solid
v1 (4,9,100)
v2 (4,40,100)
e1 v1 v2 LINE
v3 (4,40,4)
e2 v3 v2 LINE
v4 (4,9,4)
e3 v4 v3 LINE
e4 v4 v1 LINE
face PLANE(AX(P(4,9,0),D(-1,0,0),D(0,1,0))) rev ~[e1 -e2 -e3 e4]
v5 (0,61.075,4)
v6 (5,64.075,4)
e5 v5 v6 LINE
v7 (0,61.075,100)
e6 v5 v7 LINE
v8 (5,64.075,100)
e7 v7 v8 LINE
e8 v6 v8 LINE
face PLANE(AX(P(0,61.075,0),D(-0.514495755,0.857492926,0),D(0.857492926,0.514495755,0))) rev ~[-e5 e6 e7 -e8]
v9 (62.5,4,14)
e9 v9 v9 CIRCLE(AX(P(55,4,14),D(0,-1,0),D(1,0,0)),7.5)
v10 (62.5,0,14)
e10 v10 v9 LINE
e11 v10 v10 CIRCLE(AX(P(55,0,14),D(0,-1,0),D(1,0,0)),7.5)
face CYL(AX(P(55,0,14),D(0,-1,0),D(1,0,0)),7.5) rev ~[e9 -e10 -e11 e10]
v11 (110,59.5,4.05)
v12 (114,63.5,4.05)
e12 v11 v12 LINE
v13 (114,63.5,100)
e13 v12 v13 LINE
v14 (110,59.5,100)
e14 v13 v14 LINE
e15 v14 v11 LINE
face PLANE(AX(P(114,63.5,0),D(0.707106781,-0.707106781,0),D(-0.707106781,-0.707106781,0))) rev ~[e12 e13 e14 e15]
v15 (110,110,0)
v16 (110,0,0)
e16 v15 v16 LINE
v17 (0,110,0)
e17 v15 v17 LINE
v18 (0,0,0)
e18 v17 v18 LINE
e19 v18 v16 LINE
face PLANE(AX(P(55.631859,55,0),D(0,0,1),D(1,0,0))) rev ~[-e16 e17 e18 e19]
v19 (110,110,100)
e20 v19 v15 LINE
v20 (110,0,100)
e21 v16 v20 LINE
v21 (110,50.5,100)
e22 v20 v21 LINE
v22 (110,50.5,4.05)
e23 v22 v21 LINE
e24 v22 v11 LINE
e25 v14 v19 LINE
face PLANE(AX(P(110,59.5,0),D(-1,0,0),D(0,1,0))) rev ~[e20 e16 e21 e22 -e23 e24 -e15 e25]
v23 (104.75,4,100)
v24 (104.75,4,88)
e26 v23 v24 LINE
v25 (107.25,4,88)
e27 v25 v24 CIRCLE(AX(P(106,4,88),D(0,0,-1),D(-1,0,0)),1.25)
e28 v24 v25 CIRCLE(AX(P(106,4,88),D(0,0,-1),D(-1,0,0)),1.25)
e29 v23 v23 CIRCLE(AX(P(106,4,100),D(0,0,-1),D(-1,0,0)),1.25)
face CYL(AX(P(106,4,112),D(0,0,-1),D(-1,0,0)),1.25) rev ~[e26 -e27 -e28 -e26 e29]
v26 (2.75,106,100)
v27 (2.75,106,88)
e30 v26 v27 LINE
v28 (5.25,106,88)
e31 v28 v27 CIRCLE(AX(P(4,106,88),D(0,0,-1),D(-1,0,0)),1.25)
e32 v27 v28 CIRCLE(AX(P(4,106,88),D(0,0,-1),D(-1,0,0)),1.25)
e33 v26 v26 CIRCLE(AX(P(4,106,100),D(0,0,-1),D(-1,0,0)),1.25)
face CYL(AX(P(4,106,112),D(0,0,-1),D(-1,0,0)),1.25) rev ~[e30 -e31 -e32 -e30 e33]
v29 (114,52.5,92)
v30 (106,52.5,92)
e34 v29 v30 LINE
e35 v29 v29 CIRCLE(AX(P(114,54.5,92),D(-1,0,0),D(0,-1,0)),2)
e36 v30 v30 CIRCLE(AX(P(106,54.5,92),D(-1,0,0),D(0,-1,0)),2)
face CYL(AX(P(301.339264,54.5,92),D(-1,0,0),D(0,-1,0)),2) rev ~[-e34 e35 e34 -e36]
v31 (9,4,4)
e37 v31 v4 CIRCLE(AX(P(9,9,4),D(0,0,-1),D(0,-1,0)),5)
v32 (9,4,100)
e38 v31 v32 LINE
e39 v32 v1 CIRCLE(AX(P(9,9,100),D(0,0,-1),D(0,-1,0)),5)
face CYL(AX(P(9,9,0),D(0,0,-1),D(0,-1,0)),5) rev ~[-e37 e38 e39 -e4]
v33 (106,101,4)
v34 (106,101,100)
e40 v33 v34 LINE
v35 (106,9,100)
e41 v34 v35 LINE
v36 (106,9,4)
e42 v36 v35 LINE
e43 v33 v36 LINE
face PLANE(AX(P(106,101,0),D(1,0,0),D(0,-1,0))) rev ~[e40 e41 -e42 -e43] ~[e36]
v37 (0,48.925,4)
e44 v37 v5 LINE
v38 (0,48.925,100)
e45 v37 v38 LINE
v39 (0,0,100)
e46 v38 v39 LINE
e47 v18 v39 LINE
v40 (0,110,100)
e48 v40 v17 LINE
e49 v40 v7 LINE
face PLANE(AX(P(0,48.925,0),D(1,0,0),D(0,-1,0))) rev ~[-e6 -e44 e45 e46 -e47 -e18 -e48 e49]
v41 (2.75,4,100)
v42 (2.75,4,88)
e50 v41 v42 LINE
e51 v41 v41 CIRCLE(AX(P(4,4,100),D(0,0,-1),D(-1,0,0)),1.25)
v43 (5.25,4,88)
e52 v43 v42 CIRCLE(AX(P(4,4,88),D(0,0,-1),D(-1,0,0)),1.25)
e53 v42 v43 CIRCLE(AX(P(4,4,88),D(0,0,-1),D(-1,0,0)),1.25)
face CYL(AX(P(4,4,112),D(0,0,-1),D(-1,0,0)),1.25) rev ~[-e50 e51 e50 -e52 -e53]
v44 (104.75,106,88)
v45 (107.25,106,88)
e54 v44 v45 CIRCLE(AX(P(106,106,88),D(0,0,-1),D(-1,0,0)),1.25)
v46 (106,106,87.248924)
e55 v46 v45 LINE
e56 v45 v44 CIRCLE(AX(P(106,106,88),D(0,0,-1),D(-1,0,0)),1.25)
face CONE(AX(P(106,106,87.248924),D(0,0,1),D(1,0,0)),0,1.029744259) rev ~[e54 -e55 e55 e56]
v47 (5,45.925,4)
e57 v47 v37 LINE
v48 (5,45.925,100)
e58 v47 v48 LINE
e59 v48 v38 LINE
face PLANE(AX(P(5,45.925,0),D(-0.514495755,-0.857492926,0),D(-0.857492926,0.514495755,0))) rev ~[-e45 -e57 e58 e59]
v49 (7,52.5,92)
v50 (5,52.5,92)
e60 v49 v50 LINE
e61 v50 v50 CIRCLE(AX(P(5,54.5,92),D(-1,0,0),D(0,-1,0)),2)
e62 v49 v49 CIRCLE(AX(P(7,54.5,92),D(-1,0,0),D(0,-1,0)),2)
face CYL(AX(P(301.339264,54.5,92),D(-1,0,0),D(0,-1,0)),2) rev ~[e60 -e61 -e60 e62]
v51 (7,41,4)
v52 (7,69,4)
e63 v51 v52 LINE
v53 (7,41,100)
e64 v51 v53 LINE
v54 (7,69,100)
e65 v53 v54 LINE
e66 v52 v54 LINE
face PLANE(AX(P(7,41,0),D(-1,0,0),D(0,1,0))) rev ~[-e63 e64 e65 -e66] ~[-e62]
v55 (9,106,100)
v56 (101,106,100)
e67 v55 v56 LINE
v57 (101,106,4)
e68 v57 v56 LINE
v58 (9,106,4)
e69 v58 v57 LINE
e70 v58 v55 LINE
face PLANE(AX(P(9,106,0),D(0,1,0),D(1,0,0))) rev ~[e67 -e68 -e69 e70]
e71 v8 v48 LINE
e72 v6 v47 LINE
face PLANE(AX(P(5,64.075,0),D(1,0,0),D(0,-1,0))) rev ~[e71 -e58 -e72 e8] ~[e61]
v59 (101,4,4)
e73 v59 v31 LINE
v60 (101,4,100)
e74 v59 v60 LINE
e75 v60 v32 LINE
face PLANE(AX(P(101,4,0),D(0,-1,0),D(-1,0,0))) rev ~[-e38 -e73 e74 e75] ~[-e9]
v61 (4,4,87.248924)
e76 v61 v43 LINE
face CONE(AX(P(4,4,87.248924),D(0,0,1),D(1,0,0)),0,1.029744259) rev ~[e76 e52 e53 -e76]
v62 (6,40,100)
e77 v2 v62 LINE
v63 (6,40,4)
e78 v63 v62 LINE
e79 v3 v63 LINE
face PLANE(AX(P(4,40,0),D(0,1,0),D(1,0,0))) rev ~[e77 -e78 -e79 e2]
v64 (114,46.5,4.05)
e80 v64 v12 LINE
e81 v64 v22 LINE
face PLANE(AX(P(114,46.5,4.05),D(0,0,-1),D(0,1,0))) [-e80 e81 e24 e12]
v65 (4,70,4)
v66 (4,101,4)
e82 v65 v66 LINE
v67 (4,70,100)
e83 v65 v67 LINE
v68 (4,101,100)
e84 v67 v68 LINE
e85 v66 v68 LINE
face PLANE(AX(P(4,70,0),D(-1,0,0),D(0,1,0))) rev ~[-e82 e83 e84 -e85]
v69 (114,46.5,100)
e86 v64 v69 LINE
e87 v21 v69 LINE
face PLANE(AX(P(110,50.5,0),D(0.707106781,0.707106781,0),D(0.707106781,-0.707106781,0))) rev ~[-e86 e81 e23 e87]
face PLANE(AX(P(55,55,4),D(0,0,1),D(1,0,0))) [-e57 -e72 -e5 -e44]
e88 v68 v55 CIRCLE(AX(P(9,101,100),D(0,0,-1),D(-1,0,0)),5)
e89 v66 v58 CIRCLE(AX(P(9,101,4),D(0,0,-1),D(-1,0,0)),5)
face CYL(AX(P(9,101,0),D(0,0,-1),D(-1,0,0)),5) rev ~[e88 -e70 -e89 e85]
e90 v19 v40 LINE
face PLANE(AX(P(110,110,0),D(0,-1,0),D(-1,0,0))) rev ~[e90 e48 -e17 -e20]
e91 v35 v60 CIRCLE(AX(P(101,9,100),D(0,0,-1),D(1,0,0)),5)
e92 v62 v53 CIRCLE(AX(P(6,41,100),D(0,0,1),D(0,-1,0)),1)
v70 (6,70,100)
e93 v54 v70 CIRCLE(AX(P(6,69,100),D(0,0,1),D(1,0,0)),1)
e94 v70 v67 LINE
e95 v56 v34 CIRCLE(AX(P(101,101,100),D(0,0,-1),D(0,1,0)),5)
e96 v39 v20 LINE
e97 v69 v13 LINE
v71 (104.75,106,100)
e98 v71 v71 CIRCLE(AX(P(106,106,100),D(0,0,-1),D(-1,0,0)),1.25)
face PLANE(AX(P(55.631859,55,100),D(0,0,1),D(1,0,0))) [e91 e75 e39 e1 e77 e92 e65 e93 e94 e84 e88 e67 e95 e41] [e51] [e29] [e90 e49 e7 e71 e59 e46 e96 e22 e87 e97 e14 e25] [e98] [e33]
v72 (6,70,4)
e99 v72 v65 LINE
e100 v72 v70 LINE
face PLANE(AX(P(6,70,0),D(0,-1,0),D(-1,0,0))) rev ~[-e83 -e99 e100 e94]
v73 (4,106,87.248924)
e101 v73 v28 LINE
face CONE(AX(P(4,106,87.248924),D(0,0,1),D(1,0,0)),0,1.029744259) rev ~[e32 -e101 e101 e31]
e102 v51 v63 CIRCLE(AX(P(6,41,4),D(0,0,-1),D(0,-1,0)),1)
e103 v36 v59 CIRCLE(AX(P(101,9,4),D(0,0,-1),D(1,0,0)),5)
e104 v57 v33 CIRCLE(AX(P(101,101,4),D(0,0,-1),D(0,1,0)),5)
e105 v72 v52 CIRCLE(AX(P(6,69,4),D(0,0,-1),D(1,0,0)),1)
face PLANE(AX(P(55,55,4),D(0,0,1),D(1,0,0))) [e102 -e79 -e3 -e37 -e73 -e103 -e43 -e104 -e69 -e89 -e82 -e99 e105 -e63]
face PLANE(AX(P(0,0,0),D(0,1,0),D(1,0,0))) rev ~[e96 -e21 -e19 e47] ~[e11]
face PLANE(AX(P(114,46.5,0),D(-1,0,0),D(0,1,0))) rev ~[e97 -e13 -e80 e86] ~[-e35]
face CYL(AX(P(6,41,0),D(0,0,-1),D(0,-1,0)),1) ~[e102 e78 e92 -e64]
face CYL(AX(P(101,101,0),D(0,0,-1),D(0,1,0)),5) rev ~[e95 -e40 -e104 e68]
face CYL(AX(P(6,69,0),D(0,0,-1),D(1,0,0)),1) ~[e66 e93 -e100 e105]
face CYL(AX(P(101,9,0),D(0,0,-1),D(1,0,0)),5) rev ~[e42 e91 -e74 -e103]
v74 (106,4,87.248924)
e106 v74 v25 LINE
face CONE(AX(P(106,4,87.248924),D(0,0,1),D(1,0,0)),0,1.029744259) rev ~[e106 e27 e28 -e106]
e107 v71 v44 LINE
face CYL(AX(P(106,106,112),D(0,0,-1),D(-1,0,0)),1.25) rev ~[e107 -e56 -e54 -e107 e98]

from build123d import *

# Parameters (mm, degrees)
F1_DEPTH  = 100
F2_W      = 110
F2_H      = 110
F3_DEPTH  = 4
F4_W      = 17
F4_H      = 4.05
F5_DEPTH  = 4
F7_D      = 4
F8_R      = 7.5
F9_DEPTH  = 25
F11_D     = 2.5
F11_DEPTH = 12
F11_TIP   = 0.7510757738


with BuildPart() as f1:
    # F0 (on Top) → F1 (new body)
    with BuildSketch(Plane.XY):
        Polygon((0, 48.925), (0, 0), (110, 0), (110, 50.5), (114, 46.5), (114, 63.5), (110, 59.5), (110, 110), (0, 110), (0, 61.075), (5, 64.075), (5, 45.925), align=None)
        with BuildLine():
            ThreePointArc((4, 101), (5.4644660941, 104.5355339059), (9, 106))
            Line((9, 106), (101, 106))
            ThreePointArc((101, 106), (104.5355339059, 104.5355339059), (106, 101))
            Line((106, 101), (106, 9))
            ThreePointArc((106, 9), (104.5355339059, 5.4644660941), (101, 4))
            Line((101, 4), (9, 4))
            ThreePointArc((9, 4), (5.4644660941, 5.4644660941), (4, 9))
            Line((4, 9), (4, 40))
            Line((4, 40), (6, 40))
            ThreePointArc((6, 40), (6.7071067812, 40.2928932188), (7, 41))
            Line((7, 41), (7, 69))
            ThreePointArc((7, 69), (6.7071067812, 69.7071067812), (6, 70))
            Line((6, 70), (4, 70))
            Line((4, 70), (4, 101))
        make_face(mode=Mode.SUBTRACT)
    extrude(amount=F1_DEPTH)

    # F2 (on Top) → F3 (join)
    with BuildSketch(Plane.XY):
        with Locations((55, 55)):
            Rectangle(F2_W, F2_H)
    extrude(amount=F3_DEPTH)

    # F4 (on face) → F5 (cut)
    with BuildSketch(Plane.YZ.offset(114)):
        with Locations((55, 2.025)):
            Rectangle(F4_W, F4_H)
    extrude(amount=-F5_DEPTH, mode=Mode.SUBTRACT)

    # F7 (through all)
    with Locations(Plane.YZ.offset(114)):
        with Locations((54.5, 92)):
            Hole(F7_D / 2)

    # F8 (on face) → F9 (cut)
    with BuildSketch(Plane.XZ):
        with Locations((55, 14)):
            Circle(F8_R)
    extrude(amount=-F9_DEPTH, mode=Mode.SUBTRACT)

    # F11
    with Locations(Plane.XY.offset(100)):
        with Locations((4, 106), (106, 106), (106, 4), (4, 4)):
            Hole(F11_D / 2, depth=F11_DEPTH)
            with Locations((0, 0, -(F11_DEPTH + F11_TIP / 2))):  # 118° drill point
                Cone(0, F11_D / 2, F11_TIP, mode=Mode.SUBTRACT)


solid = f1.part
